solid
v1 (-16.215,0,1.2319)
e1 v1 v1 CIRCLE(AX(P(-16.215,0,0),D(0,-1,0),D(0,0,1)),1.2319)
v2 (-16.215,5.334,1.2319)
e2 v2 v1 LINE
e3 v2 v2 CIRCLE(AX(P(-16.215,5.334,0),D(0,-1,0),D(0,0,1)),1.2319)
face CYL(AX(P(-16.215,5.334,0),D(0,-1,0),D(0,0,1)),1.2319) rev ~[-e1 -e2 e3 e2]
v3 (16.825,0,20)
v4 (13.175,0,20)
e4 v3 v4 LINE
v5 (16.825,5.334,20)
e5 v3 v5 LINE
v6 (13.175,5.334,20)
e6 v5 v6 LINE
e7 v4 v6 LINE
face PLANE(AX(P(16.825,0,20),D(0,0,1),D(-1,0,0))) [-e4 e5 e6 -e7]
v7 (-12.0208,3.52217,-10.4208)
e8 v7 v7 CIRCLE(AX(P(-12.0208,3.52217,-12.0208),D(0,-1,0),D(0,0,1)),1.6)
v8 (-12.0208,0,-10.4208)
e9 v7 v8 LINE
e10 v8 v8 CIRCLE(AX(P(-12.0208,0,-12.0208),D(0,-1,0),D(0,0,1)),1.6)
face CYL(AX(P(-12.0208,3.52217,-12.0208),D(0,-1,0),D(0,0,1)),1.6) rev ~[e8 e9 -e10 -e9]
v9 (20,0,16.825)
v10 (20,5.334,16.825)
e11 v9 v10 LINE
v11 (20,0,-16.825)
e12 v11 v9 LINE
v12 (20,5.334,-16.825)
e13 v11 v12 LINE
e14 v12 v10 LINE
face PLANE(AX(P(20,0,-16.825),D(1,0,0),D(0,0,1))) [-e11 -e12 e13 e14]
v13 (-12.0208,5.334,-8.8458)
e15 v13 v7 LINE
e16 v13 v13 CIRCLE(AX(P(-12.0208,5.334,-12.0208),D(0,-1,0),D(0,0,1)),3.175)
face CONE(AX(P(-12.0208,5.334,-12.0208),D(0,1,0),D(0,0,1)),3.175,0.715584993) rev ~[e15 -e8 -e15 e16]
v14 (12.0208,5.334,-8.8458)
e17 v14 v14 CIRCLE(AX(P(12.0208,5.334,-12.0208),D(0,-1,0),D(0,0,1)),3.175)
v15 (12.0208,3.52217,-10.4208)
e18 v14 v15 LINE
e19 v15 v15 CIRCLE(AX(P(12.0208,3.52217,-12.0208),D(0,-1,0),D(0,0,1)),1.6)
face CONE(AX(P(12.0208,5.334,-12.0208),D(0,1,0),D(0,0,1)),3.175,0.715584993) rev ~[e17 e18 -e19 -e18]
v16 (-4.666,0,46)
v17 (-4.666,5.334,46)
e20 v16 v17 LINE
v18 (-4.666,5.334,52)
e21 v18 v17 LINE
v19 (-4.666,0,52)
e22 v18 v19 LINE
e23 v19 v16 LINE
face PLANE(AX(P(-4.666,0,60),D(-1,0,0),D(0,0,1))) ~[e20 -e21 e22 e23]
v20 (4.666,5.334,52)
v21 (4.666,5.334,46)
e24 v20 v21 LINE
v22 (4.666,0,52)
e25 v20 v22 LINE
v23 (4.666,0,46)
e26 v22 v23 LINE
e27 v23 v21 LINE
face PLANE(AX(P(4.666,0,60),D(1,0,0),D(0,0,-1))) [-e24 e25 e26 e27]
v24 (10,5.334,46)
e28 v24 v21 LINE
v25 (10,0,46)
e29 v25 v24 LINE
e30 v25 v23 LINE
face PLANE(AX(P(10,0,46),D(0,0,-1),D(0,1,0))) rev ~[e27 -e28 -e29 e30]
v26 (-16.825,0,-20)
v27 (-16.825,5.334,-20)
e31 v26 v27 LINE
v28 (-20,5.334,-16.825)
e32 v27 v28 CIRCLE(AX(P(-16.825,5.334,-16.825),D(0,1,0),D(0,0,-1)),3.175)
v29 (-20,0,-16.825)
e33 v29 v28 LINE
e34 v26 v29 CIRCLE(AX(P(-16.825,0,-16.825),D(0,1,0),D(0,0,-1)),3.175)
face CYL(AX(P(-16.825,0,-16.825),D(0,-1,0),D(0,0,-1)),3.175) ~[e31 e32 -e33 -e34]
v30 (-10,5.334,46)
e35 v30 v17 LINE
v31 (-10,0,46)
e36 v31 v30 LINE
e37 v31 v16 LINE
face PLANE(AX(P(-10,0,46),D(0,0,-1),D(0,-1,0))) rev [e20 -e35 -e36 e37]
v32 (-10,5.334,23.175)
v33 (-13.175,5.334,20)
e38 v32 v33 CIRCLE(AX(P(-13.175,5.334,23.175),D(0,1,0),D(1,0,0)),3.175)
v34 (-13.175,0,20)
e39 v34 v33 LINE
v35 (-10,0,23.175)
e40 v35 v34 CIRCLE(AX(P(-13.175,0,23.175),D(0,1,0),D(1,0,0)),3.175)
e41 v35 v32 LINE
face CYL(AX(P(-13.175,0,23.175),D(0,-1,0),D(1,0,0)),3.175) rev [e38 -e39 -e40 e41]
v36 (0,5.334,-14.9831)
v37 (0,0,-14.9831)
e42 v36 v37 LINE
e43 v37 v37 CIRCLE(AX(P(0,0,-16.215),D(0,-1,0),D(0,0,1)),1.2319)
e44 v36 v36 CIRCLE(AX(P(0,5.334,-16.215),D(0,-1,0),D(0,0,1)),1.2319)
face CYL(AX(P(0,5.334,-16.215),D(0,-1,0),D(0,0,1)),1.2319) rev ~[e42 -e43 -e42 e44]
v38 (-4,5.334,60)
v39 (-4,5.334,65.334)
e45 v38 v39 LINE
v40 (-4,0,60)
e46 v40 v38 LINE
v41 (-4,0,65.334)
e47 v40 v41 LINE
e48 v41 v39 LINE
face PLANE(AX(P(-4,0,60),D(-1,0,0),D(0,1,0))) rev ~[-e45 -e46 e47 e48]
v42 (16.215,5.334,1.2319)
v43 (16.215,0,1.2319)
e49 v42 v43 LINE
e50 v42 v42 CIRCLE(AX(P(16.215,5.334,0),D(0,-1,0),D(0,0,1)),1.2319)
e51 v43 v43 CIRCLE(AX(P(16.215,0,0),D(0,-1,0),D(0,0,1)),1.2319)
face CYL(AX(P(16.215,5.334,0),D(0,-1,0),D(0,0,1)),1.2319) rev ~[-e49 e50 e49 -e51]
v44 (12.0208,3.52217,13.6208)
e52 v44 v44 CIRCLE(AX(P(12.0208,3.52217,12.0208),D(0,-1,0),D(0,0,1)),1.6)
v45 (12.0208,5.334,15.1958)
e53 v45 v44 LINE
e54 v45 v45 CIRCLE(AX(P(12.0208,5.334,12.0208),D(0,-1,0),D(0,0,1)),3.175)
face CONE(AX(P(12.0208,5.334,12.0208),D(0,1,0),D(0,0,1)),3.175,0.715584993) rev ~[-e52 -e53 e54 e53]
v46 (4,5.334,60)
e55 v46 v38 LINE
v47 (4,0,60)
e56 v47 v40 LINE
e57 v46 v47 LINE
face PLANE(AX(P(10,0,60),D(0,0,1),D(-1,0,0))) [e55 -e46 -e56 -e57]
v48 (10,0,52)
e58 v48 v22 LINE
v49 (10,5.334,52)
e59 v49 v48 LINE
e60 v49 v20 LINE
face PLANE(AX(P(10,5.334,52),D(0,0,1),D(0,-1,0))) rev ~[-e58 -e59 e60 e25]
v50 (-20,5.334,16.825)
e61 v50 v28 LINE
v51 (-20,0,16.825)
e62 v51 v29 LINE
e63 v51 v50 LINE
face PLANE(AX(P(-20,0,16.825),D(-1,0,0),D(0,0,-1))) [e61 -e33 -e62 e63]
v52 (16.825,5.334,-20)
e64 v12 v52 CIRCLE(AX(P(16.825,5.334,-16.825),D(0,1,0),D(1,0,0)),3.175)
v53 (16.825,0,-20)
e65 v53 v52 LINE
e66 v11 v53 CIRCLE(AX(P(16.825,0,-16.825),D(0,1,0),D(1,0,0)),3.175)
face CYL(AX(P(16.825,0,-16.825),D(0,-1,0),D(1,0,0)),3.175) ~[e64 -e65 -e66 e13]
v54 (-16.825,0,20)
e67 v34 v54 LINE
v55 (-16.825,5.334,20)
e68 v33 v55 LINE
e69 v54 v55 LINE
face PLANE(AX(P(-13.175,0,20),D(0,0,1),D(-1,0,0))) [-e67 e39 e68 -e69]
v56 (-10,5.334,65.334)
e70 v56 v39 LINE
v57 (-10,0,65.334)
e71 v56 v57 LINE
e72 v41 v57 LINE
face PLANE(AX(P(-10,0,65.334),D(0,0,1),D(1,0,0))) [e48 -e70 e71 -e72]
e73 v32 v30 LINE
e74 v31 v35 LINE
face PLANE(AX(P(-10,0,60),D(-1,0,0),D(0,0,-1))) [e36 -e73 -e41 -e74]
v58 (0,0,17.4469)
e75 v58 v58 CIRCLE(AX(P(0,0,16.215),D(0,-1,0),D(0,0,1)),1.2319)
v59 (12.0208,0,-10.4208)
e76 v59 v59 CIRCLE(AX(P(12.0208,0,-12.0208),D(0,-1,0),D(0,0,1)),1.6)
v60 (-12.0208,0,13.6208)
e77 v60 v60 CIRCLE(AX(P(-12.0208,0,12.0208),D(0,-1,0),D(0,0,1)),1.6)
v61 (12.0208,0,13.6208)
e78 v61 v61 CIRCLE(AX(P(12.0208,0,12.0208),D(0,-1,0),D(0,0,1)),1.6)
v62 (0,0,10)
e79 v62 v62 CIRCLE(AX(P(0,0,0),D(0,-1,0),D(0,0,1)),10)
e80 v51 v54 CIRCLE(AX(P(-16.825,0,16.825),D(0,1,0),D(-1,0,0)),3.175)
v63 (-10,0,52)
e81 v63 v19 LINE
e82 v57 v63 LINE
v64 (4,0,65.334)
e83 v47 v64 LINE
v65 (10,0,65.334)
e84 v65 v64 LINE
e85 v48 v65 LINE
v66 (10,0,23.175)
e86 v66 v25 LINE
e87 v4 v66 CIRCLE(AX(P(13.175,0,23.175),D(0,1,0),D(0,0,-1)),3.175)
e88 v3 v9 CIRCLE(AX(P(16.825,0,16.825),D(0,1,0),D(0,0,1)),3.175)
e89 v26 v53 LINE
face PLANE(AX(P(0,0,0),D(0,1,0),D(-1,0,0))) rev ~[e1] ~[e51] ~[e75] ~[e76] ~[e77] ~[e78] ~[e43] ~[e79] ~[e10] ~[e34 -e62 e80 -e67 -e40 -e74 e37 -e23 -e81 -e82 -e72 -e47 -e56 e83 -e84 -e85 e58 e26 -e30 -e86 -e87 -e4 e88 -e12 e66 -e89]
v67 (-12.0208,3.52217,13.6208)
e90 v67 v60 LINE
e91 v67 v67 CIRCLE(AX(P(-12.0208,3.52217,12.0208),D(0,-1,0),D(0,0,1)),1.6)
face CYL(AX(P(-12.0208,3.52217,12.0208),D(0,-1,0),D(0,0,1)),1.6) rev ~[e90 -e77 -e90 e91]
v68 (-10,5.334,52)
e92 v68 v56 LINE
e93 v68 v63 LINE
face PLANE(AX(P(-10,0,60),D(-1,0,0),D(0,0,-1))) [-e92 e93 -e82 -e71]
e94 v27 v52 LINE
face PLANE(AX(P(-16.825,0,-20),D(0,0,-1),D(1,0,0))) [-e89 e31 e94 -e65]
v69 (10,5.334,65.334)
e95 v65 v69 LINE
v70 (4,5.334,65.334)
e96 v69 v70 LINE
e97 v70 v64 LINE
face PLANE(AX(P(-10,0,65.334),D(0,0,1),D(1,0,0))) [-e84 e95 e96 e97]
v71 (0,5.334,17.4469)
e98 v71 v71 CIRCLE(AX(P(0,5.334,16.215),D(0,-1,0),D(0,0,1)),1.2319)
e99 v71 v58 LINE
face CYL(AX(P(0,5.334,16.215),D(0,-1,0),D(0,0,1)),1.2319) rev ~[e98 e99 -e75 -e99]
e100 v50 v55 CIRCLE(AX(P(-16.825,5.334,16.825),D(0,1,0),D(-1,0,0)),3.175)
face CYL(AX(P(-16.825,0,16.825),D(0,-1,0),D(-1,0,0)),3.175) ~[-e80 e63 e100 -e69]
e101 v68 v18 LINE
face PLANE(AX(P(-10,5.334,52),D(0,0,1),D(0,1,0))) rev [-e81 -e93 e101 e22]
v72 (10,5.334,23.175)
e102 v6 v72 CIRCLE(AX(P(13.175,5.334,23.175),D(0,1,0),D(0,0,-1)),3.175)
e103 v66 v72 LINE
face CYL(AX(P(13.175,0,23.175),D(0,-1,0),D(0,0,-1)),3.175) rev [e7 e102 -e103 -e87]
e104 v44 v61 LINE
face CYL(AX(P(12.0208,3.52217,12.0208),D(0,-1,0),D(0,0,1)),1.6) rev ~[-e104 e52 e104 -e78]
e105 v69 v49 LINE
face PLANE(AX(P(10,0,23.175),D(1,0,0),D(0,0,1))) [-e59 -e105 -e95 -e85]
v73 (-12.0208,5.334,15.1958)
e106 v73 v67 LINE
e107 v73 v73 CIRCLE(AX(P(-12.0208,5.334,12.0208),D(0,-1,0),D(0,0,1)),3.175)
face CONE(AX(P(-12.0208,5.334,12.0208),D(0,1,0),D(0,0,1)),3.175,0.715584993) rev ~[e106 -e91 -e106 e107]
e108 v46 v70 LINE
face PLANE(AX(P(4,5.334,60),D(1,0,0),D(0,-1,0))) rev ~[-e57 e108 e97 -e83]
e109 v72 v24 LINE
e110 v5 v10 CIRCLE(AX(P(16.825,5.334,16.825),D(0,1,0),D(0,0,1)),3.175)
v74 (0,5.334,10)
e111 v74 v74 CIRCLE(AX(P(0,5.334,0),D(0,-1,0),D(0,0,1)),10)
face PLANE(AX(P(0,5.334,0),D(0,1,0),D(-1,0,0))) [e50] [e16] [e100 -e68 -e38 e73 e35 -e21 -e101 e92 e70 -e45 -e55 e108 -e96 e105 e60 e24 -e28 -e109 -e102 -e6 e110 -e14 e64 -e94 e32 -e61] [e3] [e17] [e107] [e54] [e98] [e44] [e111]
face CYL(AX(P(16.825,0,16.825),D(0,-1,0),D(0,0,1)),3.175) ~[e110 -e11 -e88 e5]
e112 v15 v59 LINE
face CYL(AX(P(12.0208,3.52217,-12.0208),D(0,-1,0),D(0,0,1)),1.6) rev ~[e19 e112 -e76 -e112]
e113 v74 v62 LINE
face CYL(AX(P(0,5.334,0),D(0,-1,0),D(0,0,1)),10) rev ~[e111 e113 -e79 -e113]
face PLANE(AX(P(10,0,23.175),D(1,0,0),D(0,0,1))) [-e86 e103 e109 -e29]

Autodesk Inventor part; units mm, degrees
ref_plane "YZ Plane" through (0, 0, 0) normal (1, 0, 0) x (0, 1, 0)
ref_plane "XZ Plane" through (0, 0, 0) normal (0, 1, 0) x (-1, 0, 0)
ref_plane "XY Plane" through (0, 0, 0) normal (0, 0, 1) x (1, 0, 0)
sketch "Sketch1" plane through (0, 0, 0) normal (0, 1, 0) x (-1, 0, 0)
  line L0 (20, 16.825) -> (20, -16.825)
  line L1 (16.825, -20) -> (-16.825, -20)
  line L2 (-20, -16.825) -> (-20, 16.825)
  line L3 (-16.825, 20) -> (-13.175, 20)
  line L4 (-10, 23.175) -> (-10, 60)
  line L5 (-10, 60) -> (10, 60)
  line L6 (10, 60) -> (10, 23.175)
  line L7 (13.175, 20) -> (16.825, 20)
  arc A0 (10, 23.175) -> (13.175, 20) centre (13.175, 23.175) ccw
  arc A1 (-13.175, 20) -> (-10, 23.175) centre (-13.175, 23.175) ccw
  arc A2 (20, 16.825) -> (16.825, 20) centre (16.825, 16.825) ccw
  arc A3 (16.825, -20) -> (20, -16.825) centre (16.825, -16.825) ccw
  arc A4 (-20, -16.825) -> (-16.825, -20) centre (-16.825, -16.825) ccw
  arc A5 (-16.825, 20) -> (-20, 16.825) centre (-16.825, 16.825) ccw
  point P0 (0, 0)
  point P1 (20, 20)
  point P2 (20, -20)
  point P3 (-20, -20)
  point P4 (-20, 20)
  point P5 (-10, 20)
  point P6 (10, 20)
  point P7 (20, 0)
  point P8 (0, -20)
  point P9 (0, 60)
  dimension "d0" = 40
  dimension "d1" = 40
  dimension "d2" = 20
  dimension "d3" = 60
  dimension "d26" = 3.175
  dimension "d27" = 3.175
extrude "Extrusion1" add sketch "Sketch1" along normal blind 5.334
sketch "Sketch2" plane through (0, 5.334, 0) normal (0, 1, 0) x (1, 0, 0)
  line L0 (-12.0208, -12.0208) -> (0, 0)
  line L1 (0, 0) -> (-20, 0)
  line L2 (-20, 16.825) -> (-20, -16.825) projected
  point P0 (-17.5, 17.5)
  point P1 (-17.5, -17.5)
  point P2 (12.0208, -12.0208)
  point P3 (12.0208, 12.0208)
  point P4 (-12.0208, 12.0208)
  dimension "d6" = 17
  dimension "d7" = 45
  dimension "d10" = 360
hole "Hole1" at (-12.0208, 5.334, 12.0208) at (12.0208, 5.334, 12.0208) at (12.0208, 5.334, -12.0208) at (-12.0208, 5.334, -12.0208) direction (0, -1, 0) diameter 3.2 end through all countersink diameter 6.35 countersink angle 82
sketch "Sketch3" plane through (0, 5.334, 0) normal (0, 1, 0) x (1, 0, 0)
  point P0 (0, 0)
  point P1 (0, 0)
hole "Hole2" at (0, 5.334, 0) direction (0, -1, 0) diameter 20 end through all
sketch "Sketch4" plane through (0, 5.334, 0) normal (0, 1, 0) x (1, 0, 0)
  point P0 (0, 0)
  point P1 (-16.215, 0)
  point P2 (0, -16.215)
  point P3 (16.215, 0)
  point P4 (0, 16.215)
  dimension "d29" = 16.215
  dimension "d47" = 360
hole "Hole3" at (-16.215, 5.334, 0) at (0, 5.334, 16.215) at (16.215, 5.334, 0) at (0, 5.334, -16.215) direction (0, -1, 0) diameter 2.4638 end through all
sketch "Sketch6" plane through (10, 0, 60) normal (1, 0, 0) x (0, 0, -1)
  line L0 (0, 5.334) -> (36.825, 5.334) projected
  line L1 (0, 0) -> (36.825, 0) projected
  line L2 (14, 5.334) -> (8, 5.334)
  line L3 (8, 5.334) -> (8, 0)
  line L4 (8, 0) -> (14, 0)
  line L5 (14, 0) -> (14, 5.334)
  line L6 (0, 0) -> (0, 5.334) projected
  point P0 (60, 0)
  dimension "d41" = 6
  dimension "d42" = 8
extrude "Extrusion3" cut sketch "Sketch6" against normal blind 5.334 contours L0 L5 L1 L3
sketch "Sketch5" plane through (-10, 0, 60) normal (0, 0, 1) x (1, 0, 0)
  line L0 (26.825, 0) -> (-6.825, 0) projected
  line L1 (20, 5.334) -> (14, 5.334)
  line L2 (14, 5.334) -> (14, 0)
  line L3 (14, 0) -> (20, 0)
  line L4 (20, 0) -> (20, 5.334)
  line L5 (0, 5.334) -> (20, 5.334) projected
  line L6 (0, 0) -> (6, 0)
  line L7 (6, 0) -> (6, 5.334)
  line L8 (6, 5.334) -> (0, 5.334)
  line L9 (0, 5.334) -> (0, 0)
  point P0 (10, 0)
  dimension "d37" = 6
  dimension "d38" = 6
extrude "Extrusion2" add sketch "Sketch5" along normal blind 5.334 contours L0 L2 L1 L4 | L0 L9 L5 L7
mirror "Mirror1" about plane through (0, 0, 0) normal (1, 0, 0) of "Extrusion3"
equation "\"d38\" = d37"
properties part number "pitch_mount"
